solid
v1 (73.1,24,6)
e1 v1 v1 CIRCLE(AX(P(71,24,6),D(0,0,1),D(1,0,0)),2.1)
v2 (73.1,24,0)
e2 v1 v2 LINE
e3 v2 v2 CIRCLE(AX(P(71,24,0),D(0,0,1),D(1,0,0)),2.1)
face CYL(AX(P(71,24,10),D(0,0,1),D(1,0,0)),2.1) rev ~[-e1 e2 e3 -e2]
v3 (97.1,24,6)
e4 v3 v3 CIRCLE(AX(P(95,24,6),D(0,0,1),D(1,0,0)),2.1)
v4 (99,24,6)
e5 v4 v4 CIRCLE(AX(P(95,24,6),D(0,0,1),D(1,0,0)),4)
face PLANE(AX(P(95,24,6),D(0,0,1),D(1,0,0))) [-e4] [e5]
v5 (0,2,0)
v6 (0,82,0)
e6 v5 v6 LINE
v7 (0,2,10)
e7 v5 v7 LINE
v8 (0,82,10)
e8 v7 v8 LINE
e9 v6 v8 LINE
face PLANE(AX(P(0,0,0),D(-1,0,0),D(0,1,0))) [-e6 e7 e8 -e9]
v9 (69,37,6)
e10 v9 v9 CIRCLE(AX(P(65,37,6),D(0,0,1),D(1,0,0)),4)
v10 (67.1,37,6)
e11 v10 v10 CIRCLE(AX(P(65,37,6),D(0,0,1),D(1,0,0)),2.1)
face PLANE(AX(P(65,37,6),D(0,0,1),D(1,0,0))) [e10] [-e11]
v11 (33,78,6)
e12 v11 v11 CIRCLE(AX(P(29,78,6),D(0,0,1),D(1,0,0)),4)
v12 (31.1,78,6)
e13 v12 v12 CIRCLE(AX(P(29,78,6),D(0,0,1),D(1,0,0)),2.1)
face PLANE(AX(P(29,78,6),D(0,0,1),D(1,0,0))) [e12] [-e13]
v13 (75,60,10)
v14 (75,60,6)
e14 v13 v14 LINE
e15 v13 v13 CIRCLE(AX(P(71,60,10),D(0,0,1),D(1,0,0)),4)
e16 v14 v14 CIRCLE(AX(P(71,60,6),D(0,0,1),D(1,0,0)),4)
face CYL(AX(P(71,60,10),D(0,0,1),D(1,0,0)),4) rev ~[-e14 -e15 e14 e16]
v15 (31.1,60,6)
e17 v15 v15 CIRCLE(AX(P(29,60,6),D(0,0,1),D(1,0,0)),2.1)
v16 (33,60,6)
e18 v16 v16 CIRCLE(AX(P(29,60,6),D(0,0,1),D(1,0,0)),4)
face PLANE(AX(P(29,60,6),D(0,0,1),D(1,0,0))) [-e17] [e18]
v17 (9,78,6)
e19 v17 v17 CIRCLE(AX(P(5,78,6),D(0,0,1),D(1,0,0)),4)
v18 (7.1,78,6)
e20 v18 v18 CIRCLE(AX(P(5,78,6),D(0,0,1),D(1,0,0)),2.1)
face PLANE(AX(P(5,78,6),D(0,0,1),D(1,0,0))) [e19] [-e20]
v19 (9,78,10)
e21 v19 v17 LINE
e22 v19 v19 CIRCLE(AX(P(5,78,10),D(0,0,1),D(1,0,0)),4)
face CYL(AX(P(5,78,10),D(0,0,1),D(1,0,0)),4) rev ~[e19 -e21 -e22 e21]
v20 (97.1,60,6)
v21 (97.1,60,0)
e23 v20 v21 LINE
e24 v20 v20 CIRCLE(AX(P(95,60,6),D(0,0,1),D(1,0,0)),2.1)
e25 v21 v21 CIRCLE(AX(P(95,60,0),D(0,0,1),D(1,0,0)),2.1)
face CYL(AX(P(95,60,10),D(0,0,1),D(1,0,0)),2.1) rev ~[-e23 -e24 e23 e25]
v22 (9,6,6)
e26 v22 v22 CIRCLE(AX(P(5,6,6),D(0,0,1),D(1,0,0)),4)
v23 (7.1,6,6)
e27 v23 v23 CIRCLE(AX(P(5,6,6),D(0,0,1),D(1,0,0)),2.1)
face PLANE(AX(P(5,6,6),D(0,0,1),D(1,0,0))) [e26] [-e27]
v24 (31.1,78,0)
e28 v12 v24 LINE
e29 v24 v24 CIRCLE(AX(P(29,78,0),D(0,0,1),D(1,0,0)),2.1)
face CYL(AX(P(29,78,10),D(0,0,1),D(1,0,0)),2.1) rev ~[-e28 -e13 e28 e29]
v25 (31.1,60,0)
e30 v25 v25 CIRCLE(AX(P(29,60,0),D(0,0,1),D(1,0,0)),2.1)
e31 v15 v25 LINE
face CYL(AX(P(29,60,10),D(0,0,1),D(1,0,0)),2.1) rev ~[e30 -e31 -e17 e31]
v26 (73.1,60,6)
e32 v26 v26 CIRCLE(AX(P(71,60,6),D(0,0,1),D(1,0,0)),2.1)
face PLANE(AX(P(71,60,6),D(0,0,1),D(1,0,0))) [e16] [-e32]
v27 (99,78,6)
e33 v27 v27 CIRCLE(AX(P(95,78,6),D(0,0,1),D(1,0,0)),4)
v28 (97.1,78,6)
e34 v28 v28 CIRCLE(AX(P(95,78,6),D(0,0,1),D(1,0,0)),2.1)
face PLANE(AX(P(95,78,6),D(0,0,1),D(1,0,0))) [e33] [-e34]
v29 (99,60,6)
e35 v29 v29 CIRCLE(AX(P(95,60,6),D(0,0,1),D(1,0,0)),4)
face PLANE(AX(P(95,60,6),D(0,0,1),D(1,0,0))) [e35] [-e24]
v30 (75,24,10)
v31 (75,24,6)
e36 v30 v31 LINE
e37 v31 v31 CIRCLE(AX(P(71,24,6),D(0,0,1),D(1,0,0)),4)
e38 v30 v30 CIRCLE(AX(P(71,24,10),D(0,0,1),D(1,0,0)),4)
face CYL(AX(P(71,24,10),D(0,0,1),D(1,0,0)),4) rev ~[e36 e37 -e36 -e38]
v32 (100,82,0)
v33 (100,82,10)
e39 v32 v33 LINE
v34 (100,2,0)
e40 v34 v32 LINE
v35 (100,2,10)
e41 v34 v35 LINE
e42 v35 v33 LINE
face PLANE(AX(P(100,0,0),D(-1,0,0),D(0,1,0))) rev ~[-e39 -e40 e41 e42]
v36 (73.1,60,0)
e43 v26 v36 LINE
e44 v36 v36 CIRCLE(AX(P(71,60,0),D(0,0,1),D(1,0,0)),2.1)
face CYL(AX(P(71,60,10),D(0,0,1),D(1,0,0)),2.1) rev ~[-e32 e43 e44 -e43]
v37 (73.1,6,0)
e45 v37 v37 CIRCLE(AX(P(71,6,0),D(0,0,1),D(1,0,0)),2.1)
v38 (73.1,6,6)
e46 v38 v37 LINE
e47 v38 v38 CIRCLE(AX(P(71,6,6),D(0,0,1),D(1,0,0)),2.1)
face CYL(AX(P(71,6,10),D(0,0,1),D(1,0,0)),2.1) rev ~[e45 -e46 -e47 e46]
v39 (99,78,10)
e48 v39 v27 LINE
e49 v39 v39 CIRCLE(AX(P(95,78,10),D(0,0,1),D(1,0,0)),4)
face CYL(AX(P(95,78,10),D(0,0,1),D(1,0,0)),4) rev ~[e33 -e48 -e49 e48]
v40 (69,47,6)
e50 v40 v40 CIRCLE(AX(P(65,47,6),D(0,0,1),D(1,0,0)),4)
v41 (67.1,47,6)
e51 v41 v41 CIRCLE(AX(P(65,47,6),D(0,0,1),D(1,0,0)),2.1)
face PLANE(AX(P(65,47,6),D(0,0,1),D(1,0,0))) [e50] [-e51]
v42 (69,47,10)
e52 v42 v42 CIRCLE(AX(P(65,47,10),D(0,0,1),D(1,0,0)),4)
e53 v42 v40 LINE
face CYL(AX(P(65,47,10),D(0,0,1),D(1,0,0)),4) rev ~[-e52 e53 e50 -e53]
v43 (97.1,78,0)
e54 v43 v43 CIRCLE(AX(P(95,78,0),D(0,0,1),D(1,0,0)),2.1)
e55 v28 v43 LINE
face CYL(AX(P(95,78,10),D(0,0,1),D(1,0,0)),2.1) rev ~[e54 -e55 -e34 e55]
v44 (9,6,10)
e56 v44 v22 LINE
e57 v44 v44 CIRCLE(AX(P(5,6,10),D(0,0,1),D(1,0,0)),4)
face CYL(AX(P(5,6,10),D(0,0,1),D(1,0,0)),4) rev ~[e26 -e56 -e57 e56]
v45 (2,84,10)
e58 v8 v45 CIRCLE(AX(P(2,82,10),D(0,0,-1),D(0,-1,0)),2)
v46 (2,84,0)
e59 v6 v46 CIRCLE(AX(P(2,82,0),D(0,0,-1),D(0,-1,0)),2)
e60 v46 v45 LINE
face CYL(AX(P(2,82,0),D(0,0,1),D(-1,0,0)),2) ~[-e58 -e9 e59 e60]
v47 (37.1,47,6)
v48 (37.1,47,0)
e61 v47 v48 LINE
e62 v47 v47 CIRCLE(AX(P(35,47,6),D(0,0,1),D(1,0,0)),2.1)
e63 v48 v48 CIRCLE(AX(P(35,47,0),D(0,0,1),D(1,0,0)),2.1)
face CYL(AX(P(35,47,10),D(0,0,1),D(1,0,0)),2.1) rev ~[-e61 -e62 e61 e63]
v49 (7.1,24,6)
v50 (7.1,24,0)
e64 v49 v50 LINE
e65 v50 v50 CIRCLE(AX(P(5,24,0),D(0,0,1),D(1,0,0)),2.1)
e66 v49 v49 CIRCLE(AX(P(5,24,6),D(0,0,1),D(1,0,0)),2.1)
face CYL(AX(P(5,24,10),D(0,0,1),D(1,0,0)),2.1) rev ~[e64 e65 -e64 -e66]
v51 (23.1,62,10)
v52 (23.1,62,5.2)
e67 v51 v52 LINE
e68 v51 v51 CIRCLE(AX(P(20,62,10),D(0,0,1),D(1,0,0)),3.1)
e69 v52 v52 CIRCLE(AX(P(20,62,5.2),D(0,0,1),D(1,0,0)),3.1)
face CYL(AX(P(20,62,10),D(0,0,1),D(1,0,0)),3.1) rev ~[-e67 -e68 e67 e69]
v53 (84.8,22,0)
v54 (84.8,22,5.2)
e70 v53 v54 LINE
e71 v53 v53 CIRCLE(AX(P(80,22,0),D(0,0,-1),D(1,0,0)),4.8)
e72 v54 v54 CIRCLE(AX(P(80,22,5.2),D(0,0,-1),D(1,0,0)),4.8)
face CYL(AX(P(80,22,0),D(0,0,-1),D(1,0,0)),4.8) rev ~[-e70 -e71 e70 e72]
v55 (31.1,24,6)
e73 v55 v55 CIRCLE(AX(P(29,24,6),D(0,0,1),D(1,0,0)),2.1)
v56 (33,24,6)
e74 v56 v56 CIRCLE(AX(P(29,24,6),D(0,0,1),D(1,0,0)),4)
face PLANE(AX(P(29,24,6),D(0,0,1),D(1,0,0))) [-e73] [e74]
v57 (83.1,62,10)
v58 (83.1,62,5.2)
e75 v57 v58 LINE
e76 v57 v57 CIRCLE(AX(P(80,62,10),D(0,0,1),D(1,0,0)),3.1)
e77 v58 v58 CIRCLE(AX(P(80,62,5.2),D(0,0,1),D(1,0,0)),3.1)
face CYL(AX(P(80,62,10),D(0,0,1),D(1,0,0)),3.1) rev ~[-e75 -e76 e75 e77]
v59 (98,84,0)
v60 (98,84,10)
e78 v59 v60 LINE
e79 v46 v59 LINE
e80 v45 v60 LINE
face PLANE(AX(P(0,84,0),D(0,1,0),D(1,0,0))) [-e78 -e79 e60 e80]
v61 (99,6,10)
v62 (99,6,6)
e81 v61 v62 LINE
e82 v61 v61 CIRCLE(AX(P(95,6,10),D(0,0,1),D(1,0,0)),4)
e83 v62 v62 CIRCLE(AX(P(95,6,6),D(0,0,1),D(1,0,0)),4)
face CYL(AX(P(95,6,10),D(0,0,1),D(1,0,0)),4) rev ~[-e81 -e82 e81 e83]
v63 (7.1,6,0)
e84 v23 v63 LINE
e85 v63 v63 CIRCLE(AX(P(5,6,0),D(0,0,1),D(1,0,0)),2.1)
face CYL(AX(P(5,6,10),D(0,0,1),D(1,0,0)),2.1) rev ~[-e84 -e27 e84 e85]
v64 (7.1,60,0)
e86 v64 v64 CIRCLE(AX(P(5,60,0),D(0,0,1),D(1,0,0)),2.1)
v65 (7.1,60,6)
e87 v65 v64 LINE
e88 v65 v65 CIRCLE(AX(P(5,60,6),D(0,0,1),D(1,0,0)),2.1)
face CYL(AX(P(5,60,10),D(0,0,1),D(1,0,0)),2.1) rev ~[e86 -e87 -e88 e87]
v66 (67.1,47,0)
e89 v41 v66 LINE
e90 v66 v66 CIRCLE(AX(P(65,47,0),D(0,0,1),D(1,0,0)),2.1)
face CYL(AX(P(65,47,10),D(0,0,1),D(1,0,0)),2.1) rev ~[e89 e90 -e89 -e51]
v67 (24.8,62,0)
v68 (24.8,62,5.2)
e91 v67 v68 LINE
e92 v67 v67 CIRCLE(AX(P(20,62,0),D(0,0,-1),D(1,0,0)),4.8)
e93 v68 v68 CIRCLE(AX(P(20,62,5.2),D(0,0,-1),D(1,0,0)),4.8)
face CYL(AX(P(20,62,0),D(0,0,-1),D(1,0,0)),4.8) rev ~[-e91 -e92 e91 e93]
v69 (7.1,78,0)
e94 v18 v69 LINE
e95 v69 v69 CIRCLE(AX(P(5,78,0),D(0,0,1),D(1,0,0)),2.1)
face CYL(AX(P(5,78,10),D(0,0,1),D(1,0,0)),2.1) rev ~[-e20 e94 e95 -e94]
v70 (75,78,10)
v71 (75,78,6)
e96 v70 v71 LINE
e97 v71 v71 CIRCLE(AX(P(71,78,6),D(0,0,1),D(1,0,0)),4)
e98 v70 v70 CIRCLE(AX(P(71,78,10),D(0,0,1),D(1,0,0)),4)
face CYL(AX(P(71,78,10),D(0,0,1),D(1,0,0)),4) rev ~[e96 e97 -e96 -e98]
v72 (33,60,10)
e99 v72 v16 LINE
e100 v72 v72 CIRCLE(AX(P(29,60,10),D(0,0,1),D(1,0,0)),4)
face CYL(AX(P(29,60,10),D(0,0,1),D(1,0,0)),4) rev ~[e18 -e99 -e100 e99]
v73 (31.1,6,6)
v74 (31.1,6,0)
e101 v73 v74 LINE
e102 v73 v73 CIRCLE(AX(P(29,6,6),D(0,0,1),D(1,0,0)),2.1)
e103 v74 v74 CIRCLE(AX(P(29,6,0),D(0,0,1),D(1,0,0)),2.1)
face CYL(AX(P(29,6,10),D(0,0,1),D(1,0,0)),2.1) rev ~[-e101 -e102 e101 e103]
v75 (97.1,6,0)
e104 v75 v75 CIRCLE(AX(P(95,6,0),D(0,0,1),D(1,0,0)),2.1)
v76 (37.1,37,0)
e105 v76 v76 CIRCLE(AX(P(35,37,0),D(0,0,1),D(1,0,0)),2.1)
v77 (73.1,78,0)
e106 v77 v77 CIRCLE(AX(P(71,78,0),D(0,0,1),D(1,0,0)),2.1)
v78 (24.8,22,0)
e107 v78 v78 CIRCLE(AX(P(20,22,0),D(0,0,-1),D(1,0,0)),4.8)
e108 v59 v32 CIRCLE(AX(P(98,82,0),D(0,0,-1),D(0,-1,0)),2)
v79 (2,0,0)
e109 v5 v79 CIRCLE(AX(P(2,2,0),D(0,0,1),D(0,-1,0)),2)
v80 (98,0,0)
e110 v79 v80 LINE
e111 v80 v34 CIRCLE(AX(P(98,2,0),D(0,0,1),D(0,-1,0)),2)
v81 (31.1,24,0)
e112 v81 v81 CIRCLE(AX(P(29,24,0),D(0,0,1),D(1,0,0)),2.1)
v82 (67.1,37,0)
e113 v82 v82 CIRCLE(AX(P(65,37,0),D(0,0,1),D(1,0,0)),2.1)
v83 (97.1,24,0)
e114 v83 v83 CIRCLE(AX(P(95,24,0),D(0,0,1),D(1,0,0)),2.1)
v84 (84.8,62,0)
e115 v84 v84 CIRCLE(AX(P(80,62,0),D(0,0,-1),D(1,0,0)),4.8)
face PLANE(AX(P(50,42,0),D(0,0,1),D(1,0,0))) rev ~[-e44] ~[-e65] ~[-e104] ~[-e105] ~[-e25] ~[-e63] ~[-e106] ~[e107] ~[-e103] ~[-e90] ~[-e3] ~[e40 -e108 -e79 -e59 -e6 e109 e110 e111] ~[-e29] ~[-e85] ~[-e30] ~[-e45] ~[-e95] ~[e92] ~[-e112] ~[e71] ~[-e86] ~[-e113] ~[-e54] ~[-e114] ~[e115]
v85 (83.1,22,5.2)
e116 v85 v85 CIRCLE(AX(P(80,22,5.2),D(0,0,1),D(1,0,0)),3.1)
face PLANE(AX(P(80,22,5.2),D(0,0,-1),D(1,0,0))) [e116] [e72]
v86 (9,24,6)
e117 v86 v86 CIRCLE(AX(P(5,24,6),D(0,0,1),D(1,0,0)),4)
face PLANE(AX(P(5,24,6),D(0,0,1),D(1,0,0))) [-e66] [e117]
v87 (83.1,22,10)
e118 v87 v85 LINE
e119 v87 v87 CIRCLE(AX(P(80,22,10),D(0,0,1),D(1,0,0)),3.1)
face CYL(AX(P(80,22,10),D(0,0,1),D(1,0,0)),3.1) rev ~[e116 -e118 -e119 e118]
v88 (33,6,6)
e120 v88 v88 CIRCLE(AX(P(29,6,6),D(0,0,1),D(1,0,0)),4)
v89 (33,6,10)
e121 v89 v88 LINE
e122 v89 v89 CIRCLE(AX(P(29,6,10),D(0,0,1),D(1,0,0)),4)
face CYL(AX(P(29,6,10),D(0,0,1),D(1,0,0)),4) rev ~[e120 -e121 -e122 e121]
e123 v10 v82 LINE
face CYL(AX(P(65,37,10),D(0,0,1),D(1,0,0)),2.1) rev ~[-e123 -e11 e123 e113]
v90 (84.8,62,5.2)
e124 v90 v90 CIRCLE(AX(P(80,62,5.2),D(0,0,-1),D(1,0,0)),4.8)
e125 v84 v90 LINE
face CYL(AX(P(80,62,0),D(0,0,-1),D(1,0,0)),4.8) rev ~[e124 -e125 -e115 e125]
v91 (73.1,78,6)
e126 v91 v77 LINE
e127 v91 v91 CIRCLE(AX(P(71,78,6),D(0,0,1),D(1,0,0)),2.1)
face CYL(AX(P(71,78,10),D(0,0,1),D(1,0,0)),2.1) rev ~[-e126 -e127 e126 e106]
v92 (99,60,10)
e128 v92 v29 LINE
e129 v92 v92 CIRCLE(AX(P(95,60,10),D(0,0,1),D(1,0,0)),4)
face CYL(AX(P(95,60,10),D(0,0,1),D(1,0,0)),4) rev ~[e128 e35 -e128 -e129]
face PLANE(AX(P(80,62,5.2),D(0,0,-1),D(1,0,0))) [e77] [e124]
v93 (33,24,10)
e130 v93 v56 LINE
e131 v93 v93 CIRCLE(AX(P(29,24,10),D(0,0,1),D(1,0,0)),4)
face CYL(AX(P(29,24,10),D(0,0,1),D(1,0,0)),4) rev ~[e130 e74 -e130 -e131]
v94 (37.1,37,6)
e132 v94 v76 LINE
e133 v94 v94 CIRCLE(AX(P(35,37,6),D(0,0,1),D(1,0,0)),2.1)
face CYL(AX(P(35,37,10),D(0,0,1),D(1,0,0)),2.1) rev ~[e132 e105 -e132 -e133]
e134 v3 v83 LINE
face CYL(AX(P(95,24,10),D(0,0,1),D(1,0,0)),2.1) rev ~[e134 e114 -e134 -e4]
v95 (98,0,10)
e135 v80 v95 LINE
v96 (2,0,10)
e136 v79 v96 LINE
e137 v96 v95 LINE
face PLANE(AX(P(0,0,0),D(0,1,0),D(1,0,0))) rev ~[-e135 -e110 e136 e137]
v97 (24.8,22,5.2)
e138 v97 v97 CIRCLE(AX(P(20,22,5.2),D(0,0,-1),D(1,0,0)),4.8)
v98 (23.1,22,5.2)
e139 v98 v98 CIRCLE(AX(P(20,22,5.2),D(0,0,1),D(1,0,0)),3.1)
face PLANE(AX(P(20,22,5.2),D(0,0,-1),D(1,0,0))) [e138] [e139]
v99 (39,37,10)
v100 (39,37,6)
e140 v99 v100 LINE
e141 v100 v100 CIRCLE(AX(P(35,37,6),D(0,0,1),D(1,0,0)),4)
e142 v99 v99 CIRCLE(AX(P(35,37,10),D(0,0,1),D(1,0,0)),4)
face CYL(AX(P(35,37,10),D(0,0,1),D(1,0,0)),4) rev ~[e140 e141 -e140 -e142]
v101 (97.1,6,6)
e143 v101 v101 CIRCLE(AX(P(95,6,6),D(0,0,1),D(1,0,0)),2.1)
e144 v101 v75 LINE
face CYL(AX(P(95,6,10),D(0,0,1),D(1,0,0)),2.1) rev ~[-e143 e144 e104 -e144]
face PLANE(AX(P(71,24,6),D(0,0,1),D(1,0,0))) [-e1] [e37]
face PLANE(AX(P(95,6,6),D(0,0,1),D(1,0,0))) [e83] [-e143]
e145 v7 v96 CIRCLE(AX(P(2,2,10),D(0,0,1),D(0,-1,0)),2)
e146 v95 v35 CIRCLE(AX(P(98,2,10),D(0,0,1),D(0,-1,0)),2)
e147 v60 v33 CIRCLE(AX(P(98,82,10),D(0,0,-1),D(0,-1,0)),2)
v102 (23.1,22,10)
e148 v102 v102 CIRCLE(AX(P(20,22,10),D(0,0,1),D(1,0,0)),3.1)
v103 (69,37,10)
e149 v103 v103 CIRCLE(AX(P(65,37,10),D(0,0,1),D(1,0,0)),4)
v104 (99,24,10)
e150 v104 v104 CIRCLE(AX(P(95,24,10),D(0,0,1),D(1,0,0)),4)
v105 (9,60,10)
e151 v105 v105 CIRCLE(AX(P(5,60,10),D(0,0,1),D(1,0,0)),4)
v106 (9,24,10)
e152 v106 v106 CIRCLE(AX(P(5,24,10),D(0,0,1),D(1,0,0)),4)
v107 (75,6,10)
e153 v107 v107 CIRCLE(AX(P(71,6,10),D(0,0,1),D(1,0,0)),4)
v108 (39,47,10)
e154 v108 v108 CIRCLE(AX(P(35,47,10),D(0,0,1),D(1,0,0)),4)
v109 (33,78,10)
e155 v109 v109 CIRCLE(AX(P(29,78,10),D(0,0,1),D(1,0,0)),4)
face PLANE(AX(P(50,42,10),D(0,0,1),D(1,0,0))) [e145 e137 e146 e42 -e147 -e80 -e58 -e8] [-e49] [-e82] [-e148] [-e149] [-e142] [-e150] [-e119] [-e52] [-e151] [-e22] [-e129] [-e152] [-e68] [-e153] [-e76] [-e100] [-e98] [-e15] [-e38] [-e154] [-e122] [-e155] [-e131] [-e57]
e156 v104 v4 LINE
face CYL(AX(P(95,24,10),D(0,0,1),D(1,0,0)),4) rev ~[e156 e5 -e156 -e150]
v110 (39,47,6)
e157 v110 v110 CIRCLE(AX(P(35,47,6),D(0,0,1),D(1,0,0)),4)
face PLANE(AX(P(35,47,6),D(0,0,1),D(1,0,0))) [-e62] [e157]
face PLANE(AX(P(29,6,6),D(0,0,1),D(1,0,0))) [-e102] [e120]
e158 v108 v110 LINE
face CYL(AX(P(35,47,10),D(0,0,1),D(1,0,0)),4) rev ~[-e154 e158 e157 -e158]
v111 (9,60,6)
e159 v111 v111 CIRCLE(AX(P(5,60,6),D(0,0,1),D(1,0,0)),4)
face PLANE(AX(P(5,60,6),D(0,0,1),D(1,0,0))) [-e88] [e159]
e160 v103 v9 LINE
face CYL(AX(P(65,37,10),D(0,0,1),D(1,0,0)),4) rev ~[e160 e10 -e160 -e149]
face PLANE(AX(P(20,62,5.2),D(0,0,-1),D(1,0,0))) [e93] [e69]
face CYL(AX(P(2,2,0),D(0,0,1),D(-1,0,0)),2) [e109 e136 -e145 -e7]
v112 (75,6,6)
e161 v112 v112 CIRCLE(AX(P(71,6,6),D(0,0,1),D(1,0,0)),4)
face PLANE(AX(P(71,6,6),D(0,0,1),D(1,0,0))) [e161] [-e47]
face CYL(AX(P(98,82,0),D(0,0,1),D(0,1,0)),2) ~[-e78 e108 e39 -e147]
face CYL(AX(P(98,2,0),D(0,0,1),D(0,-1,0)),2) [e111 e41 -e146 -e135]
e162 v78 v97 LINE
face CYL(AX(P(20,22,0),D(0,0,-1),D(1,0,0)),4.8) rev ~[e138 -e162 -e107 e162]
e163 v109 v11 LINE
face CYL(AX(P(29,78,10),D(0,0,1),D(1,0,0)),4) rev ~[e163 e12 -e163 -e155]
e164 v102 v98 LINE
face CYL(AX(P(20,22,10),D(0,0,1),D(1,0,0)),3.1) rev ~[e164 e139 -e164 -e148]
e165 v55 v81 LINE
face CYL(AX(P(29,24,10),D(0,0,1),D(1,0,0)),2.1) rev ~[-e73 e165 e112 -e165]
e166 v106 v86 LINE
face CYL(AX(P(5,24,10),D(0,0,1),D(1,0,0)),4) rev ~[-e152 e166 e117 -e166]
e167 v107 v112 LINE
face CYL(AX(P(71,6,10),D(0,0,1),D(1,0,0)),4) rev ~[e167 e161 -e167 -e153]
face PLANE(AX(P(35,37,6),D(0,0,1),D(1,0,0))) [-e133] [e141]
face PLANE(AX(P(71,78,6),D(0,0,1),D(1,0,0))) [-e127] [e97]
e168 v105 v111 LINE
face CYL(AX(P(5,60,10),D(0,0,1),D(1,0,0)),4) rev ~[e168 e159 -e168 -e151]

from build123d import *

# Parameters (mm, degrees)
SKETCH_W        = 100
SKETCH_H        = 84
PAD_DEPTH       = 10
SKETCH001_R     = 2.1
POCKET_DEPTH    = 10
SKETCH002_R     = 2.1
POCKET001_DEPTH = 10
SKETCH003_R     = 4
POCKET002_DEPTH = 4
SKETCH004_R     = 4
POCKET003_DEPTH = 4
SKETCH005_R     = 3.1
POCKET004_DEPTH = 10
SKETCH006_R     = 4.8
POCKET005_DEPTH = 5.2
FILLET_R        = 2


with BuildPart() as part:
    # Sketch → Pad (new body)
    with BuildSketch(Plane.XY):
        with Locations((50, 42)):
            Rectangle(SKETCH_W, SKETCH_H)
    extrude(amount=PAD_DEPTH)

    # Sketch001 (on Face6 of Pad) → Pocket (cut)
    with BuildSketch(Plane.XY.offset(10)):
        with Locations((5, 6)):
            Circle(SKETCH001_R)
        with Locations((29, 6)):
            Circle(SKETCH001_R)
        with Locations((71, 6)):
            Circle(SKETCH001_R)
        with Locations((95, 6)):
            Circle(SKETCH001_R)
        with Locations((5, 24)):
            Circle(SKETCH001_R)
        with Locations((29, 24)):
            Circle(SKETCH001_R)
        with Locations((71, 24)):
            Circle(SKETCH001_R)
        with Locations((95, 24)):
            Circle(SKETCH001_R)
        with Locations((5, 78)):
            Circle(SKETCH001_R)
        with Locations((29, 78)):
            Circle(SKETCH001_R)
        with Locations((5, 60)):
            Circle(SKETCH001_R)
        with Locations((29, 60)):
            Circle(SKETCH001_R)
        with Locations((71, 78)):
            Circle(SKETCH001_R)
        with Locations((95, 78)):
            Circle(SKETCH001_R)
        with Locations((71, 60)):
            Circle(SKETCH001_R)
        with Locations((95, 60)):
            Circle(SKETCH001_R)
    extrude(amount=-POCKET_DEPTH, mode=Mode.SUBTRACT)

    # Sketch002 (on Face5 of Pocket) → Pocket001 (cut)
    with BuildSketch(Plane.XY.offset(10)):
        with Locations((35, 47)):
            Circle(SKETCH002_R)
        with Locations((65, 47)):
            Circle(SKETCH002_R)
        with Locations((35, 37)):
            Circle(SKETCH002_R)
        with Locations((65, 37)):
            Circle(SKETCH002_R)
    extrude(amount=-POCKET001_DEPTH, mode=Mode.SUBTRACT)

    # Sketch003 (on Face5 of Pocket001) → Pocket002 (cut)
    with BuildSketch(Plane.XY.offset(10)):
        with Locations((35, 47)):
            Circle(SKETCH003_R)
        with Locations((65, 47)):
            Circle(SKETCH003_R)
        with Locations((35, 37)):
            Circle(SKETCH003_R)
        with Locations((65, 37)):
            Circle(SKETCH003_R)
    extrude(amount=-POCKET002_DEPTH, mode=Mode.SUBTRACT)

    # Sketch004 (on Face5 of Pocket002) → Pocket003 (cut)
    with BuildSketch(Plane.XY.offset(10)):
        with Locations((5, 78)):
            Circle(SKETCH004_R)
        with Locations((29, 78)):
            Circle(SKETCH004_R)
        with Locations((5, 60)):
            Circle(SKETCH004_R)
        with Locations((29, 60)):
            Circle(SKETCH004_R)
        with Locations((5, 24)):
            Circle(SKETCH004_R)
        with Locations((29, 24)):
            Circle(SKETCH004_R)
        with Locations((5, 6)):
            Circle(SKETCH004_R)
        with Locations((29, 6)):
            Circle(SKETCH004_R)
        with Locations((71, 78)):
            Circle(SKETCH004_R)
        with Locations((71, 60)):
            Circle(SKETCH004_R)
        with Locations((95, 78)):
            Circle(SKETCH004_R)
        with Locations((95, 60)):
            Circle(SKETCH004_R)
        with Locations((71, 24)):
            Circle(SKETCH004_R)
        with Locations((95, 24)):
            Circle(SKETCH004_R)
        with Locations((71, 6)):
            Circle(SKETCH004_R)
        with Locations((95, 6)):
            Circle(SKETCH004_R)
    extrude(amount=-POCKET003_DEPTH, mode=Mode.SUBTRACT)

    # Sketch005 (on Face5 of Pocket003) → Pocket004 (cut)
    with BuildSketch(Plane.XY.offset(10)):
        with Locations((20, 62)):
            Circle(SKETCH005_R)
        with Locations((80, 62)):
            Circle(SKETCH005_R)
        with Locations((20, 22)):
            Circle(SKETCH005_R)
        with Locations((80, 22)):
            Circle(SKETCH005_R)
    extrude(amount=-POCKET004_DEPTH, mode=Mode.SUBTRACT)

    # Sketch006 (on Face4 of Pocket004) → Pocket005 (cut)
    with BuildSketch(Plane(origin=(0, 0, 0), x_dir=(1, 0, 0), z_dir=(0, 0, -1))):
        with Locations((20, -22)):
            Circle(SKETCH006_R)
        with Locations((20, -62)):
            Circle(SKETCH006_R)
        with Locations((80, -62)):
            Circle(SKETCH006_R)
        with Locations((80, -22)):
            Circle(SKETCH006_R)
    extrude(amount=-POCKET005_DEPTH, mode=Mode.SUBTRACT)

    # Fillet
    fillet_edges = [part.edges().sort_by_distance(p)[0] for p in [
        (0, 84, 5),
        (100, 84, 5),
        (0, 0, 5),
        (100, 0, 5),
    ]]
    fillet(fillet_edges, radius=FILLET_R)


solid = part.part
